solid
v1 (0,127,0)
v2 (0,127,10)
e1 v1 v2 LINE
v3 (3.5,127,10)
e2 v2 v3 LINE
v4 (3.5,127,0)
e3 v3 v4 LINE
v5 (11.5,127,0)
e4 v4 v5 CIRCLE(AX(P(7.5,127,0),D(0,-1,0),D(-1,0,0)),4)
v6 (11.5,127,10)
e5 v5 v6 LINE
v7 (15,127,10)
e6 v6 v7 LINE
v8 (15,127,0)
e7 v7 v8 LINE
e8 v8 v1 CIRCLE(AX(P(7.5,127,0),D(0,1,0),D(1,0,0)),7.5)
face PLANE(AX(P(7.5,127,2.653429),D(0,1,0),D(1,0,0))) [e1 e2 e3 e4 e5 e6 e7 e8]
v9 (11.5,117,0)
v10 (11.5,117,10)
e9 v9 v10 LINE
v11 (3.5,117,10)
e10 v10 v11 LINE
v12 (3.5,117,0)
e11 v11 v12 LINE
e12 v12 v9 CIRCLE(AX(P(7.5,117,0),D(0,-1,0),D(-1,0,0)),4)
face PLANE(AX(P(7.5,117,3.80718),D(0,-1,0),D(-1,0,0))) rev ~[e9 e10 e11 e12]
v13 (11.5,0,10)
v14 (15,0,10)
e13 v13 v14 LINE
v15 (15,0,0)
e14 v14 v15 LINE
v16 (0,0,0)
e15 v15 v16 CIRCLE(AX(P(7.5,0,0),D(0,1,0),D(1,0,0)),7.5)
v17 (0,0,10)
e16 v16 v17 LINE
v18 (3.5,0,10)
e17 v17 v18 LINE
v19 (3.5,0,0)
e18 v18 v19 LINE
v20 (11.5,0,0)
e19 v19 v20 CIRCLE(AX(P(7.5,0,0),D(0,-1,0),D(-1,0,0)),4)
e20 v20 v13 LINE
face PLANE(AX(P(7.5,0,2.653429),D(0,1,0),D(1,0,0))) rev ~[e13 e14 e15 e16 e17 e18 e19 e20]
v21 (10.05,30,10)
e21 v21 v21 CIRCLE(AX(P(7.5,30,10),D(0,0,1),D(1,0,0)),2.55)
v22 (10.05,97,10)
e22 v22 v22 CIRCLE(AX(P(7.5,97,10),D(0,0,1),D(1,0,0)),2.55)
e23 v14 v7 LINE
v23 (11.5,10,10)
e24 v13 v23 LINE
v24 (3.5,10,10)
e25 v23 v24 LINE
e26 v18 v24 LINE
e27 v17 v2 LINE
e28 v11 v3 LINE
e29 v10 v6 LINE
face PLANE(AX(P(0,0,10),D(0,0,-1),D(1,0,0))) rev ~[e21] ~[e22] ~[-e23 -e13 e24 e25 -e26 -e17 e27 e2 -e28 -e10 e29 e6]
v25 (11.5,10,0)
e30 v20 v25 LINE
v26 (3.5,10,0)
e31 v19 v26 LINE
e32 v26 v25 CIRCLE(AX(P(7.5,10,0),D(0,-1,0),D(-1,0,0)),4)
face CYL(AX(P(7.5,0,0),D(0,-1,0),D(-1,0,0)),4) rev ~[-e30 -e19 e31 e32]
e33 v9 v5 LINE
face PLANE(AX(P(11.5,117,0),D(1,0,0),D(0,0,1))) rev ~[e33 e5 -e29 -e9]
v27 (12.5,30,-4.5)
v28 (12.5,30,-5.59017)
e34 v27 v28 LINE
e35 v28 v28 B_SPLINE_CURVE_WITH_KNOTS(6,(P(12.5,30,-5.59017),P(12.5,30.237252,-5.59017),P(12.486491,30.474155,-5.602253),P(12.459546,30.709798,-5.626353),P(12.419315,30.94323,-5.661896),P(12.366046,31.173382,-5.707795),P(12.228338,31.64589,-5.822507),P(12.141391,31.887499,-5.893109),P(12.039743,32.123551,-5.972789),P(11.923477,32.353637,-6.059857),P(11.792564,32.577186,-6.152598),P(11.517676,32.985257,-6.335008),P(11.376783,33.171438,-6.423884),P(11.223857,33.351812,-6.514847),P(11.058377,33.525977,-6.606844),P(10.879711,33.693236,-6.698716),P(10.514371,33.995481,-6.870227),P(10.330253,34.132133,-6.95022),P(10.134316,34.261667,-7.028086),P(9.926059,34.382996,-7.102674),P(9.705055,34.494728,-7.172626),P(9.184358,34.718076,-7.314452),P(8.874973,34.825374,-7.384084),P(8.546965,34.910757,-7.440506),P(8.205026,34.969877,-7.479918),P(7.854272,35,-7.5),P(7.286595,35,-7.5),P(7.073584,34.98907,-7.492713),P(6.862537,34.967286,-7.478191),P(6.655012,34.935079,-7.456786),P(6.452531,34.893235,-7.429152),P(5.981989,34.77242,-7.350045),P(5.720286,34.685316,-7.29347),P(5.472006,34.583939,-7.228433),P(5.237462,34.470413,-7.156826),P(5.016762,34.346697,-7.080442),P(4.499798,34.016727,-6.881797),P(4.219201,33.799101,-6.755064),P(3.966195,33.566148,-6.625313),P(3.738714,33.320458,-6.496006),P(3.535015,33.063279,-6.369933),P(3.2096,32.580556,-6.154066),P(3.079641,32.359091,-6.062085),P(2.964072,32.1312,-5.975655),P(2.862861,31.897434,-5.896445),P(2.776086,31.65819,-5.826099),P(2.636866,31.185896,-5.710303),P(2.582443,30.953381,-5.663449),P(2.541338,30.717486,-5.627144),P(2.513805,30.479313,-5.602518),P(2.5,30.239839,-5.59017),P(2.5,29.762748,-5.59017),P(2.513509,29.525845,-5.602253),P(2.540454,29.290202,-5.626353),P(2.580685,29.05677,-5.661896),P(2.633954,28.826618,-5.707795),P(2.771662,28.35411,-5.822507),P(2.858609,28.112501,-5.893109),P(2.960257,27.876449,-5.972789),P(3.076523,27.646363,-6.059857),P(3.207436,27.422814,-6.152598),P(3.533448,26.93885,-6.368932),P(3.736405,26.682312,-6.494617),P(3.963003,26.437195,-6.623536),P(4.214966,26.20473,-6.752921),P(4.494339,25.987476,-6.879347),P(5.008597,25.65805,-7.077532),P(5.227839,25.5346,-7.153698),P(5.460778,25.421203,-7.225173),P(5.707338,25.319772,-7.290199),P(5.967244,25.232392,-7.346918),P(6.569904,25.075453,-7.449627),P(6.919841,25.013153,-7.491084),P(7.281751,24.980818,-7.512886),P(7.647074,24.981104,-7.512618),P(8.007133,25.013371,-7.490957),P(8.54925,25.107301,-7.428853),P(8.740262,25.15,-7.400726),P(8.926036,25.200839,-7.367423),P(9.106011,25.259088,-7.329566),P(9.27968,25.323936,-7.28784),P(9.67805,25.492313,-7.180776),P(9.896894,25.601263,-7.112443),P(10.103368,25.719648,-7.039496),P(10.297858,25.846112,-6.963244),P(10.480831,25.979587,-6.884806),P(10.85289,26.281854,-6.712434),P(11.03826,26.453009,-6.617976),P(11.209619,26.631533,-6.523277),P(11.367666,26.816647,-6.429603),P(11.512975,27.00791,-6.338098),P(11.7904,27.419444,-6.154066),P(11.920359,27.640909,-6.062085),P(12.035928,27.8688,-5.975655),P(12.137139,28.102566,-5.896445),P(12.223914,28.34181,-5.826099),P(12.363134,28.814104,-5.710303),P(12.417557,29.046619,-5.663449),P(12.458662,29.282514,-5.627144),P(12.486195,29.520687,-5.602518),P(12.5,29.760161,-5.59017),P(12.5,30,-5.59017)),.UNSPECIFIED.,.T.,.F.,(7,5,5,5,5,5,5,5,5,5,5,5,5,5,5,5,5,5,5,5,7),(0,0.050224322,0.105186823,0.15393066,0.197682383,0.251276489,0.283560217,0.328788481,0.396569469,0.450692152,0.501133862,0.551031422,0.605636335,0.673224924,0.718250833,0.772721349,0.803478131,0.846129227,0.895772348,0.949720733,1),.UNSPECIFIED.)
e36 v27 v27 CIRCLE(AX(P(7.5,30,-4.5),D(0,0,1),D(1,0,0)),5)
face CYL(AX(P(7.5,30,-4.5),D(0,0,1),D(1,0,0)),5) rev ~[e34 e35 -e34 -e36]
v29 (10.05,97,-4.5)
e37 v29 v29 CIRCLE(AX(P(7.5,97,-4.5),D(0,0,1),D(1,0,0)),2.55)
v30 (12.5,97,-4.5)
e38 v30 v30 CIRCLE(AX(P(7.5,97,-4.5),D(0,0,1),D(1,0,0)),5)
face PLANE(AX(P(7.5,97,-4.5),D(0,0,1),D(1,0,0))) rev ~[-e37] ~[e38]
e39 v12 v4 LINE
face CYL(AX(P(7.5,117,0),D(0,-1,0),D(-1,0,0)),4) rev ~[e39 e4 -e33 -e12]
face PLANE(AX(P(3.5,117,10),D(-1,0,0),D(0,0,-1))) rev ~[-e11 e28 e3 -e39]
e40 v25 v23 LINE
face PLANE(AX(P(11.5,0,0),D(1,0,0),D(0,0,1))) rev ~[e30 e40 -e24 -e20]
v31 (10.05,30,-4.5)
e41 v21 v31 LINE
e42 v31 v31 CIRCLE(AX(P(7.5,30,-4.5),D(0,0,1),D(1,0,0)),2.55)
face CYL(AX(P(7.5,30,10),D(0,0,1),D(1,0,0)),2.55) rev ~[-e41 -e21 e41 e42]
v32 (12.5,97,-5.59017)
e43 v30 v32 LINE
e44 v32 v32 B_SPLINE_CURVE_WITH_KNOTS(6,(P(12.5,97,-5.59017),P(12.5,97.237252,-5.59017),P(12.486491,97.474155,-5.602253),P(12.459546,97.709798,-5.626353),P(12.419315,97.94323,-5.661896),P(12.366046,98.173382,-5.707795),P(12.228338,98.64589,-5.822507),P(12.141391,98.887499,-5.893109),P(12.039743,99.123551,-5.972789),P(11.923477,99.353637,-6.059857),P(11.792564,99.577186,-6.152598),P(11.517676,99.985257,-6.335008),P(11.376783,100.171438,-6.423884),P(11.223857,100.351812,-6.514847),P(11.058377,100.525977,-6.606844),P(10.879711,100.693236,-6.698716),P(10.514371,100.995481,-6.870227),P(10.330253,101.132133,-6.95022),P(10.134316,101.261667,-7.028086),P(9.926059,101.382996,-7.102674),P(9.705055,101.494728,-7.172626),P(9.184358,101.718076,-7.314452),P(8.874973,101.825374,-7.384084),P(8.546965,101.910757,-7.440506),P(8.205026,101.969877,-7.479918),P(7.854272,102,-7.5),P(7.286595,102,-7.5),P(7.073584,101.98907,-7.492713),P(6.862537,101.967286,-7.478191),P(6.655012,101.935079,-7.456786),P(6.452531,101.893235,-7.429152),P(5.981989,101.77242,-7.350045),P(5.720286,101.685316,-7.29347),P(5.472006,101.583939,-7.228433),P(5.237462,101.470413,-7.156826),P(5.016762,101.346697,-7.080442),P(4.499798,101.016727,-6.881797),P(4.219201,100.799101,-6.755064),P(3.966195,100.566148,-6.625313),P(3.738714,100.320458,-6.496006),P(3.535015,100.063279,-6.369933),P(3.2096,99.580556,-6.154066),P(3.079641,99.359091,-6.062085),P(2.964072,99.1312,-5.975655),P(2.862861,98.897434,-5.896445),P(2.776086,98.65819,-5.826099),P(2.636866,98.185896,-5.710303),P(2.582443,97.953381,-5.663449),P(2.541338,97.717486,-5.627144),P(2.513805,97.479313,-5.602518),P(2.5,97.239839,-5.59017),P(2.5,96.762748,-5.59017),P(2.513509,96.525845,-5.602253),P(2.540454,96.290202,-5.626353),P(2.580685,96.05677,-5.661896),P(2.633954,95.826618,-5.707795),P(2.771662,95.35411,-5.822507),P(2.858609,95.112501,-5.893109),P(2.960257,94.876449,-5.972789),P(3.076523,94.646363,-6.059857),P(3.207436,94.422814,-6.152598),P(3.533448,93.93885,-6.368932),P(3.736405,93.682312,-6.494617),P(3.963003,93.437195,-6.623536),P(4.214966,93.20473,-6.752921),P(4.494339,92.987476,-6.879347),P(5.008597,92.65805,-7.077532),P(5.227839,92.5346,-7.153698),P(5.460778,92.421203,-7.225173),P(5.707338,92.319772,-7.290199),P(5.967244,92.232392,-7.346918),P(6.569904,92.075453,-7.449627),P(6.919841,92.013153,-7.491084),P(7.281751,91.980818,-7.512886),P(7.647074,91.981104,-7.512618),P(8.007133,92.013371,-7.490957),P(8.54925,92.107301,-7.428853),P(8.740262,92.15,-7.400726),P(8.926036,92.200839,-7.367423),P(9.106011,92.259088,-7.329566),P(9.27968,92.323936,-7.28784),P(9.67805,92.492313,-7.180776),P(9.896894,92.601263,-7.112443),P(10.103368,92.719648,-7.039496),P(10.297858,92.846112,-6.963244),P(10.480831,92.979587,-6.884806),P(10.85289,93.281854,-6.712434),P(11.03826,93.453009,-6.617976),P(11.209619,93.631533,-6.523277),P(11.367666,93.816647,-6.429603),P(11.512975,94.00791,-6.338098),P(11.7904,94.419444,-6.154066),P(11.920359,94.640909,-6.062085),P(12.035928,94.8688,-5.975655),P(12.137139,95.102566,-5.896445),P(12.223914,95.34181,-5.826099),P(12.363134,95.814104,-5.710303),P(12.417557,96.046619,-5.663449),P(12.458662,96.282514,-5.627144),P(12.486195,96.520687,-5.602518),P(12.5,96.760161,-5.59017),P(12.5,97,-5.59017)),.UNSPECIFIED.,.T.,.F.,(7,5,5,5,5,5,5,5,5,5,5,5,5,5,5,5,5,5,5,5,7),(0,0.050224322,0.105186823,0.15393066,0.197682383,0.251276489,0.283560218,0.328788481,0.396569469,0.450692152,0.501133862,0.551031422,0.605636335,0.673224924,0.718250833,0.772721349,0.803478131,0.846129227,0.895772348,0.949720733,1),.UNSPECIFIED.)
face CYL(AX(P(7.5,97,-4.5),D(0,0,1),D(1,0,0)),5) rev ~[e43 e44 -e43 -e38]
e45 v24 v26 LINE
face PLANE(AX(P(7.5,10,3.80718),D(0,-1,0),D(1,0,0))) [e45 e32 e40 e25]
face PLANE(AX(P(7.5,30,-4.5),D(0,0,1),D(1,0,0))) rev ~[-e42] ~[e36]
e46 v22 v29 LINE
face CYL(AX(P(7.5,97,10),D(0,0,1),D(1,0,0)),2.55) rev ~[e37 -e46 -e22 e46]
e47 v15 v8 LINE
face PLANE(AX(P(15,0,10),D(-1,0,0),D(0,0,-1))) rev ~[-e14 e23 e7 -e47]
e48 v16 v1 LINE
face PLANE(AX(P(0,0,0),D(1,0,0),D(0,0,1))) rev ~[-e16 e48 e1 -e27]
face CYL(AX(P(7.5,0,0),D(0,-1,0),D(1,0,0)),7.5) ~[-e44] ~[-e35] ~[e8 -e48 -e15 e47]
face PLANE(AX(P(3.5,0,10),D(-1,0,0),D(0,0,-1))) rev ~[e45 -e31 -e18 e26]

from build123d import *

# Parameters (mm, degrees)
EXTRUDE_1_DEPTH     = 127
SKETCH_6_R          = 2.55
CUT_EXTRUDE_1_DEPTH = 14.5
SKETCH_7_R          = 5
CUT_EXTRUDE_2_DEPTH = 14.5
CUT_EXTRUDE_3_DEPTH = 10
SKETCH_9_R          = 2.55
CUT_EXTRUDE_4_DEPTH = 14.5
SKETCH_10_R         = 5
CUT_EXTRUDE_5_DEPTH = 14.5
CUT_EXTRUDE_START   = -10
CUT_EXTRUDE_6_DEPTH = 10


with BuildPart() as part:
    # Эскиз2 → Бобышка-Вытянуть1 (new body)
    with BuildSketch(Plane(origin=(0, 0, 0), x_dir=(1, 0, 0), z_dir=(0, 1, 0))):
        with BuildLine():
            Line((0, 0), (0, -10))
            Line((0, -10), (15, -10))
            Line((15, -10), (15, 0))
            ThreePointArc((15, 0), (7.5, 7.5), (0, 0))
        make_face()
    extrude(amount=EXTRUDE_1_DEPTH)

    # Эскиз6 → Вырез-Вытянуть1 (cut)
    with BuildSketch(Plane.XY.offset(10)):
        with Locations((7.5, 30)):
            Circle(SKETCH_6_R)
    extrude(amount=-CUT_EXTRUDE_1_DEPTH, mode=Mode.SUBTRACT)

    # Эскиз7 → Вырез-Вытянуть2 (cut)
    with BuildSketch(Plane.XY.offset(-4.5)):
        with Locations((7.5, 30)):
            Circle(SKETCH_7_R)
    extrude(amount=-CUT_EXTRUDE_2_DEPTH, mode=Mode.SUBTRACT)

    # Эскиз8 → Вырез-Вытянуть3 (cut)
    with BuildSketch(Plane.XZ):
        with BuildLine():
            Line((11.5, 0), (11.5, 10))
            Line((11.5, 10), (3.5, 10))
            Line((3.5, 10), (3.5, 0))
            ThreePointArc((3.5, 0), (7.5, -4), (11.5, 0))
        make_face()
    extrude(amount=-CUT_EXTRUDE_3_DEPTH, mode=Mode.SUBTRACT)

    # Эскиз9 → Вырез-Вытянуть4 (cut)
    with BuildSketch(Plane.XY.offset(10)):
        with Locations((7.5, 97)):
            Circle(SKETCH_9_R)
    extrude(amount=-CUT_EXTRUDE_4_DEPTH, mode=Mode.SUBTRACT)

    # Эскиз10 → Вырез-Вытянуть5 (cut)
    with BuildSketch(Plane.XY.offset(-4.5)):
        with Locations((7.5, 97)):
            Circle(SKETCH_10_R)
    extrude(amount=-CUT_EXTRUDE_5_DEPTH, mode=Mode.SUBTRACT)

    # Эскиз11 → Вырез-Вытянуть6 (cut)
    with BuildSketch(Plane(origin=(0, 127, 0), x_dir=(1, 0, 0), z_dir=(0, 1, 0)).offset(CUT_EXTRUDE_START)):
        with BuildLine():
            Line((11.5, 0), (11.5, -10))
            Line((11.5, -10), (3.5, -10))
            Line((3.5, -10), (3.5, 0))
            ThreePointArc((3.5, 0), (7.5, 4), (11.5, 0))
        make_face()
    extrude(amount=CUT_EXTRUDE_6_DEPTH, mode=Mode.SUBTRACT)


solid = part.part
